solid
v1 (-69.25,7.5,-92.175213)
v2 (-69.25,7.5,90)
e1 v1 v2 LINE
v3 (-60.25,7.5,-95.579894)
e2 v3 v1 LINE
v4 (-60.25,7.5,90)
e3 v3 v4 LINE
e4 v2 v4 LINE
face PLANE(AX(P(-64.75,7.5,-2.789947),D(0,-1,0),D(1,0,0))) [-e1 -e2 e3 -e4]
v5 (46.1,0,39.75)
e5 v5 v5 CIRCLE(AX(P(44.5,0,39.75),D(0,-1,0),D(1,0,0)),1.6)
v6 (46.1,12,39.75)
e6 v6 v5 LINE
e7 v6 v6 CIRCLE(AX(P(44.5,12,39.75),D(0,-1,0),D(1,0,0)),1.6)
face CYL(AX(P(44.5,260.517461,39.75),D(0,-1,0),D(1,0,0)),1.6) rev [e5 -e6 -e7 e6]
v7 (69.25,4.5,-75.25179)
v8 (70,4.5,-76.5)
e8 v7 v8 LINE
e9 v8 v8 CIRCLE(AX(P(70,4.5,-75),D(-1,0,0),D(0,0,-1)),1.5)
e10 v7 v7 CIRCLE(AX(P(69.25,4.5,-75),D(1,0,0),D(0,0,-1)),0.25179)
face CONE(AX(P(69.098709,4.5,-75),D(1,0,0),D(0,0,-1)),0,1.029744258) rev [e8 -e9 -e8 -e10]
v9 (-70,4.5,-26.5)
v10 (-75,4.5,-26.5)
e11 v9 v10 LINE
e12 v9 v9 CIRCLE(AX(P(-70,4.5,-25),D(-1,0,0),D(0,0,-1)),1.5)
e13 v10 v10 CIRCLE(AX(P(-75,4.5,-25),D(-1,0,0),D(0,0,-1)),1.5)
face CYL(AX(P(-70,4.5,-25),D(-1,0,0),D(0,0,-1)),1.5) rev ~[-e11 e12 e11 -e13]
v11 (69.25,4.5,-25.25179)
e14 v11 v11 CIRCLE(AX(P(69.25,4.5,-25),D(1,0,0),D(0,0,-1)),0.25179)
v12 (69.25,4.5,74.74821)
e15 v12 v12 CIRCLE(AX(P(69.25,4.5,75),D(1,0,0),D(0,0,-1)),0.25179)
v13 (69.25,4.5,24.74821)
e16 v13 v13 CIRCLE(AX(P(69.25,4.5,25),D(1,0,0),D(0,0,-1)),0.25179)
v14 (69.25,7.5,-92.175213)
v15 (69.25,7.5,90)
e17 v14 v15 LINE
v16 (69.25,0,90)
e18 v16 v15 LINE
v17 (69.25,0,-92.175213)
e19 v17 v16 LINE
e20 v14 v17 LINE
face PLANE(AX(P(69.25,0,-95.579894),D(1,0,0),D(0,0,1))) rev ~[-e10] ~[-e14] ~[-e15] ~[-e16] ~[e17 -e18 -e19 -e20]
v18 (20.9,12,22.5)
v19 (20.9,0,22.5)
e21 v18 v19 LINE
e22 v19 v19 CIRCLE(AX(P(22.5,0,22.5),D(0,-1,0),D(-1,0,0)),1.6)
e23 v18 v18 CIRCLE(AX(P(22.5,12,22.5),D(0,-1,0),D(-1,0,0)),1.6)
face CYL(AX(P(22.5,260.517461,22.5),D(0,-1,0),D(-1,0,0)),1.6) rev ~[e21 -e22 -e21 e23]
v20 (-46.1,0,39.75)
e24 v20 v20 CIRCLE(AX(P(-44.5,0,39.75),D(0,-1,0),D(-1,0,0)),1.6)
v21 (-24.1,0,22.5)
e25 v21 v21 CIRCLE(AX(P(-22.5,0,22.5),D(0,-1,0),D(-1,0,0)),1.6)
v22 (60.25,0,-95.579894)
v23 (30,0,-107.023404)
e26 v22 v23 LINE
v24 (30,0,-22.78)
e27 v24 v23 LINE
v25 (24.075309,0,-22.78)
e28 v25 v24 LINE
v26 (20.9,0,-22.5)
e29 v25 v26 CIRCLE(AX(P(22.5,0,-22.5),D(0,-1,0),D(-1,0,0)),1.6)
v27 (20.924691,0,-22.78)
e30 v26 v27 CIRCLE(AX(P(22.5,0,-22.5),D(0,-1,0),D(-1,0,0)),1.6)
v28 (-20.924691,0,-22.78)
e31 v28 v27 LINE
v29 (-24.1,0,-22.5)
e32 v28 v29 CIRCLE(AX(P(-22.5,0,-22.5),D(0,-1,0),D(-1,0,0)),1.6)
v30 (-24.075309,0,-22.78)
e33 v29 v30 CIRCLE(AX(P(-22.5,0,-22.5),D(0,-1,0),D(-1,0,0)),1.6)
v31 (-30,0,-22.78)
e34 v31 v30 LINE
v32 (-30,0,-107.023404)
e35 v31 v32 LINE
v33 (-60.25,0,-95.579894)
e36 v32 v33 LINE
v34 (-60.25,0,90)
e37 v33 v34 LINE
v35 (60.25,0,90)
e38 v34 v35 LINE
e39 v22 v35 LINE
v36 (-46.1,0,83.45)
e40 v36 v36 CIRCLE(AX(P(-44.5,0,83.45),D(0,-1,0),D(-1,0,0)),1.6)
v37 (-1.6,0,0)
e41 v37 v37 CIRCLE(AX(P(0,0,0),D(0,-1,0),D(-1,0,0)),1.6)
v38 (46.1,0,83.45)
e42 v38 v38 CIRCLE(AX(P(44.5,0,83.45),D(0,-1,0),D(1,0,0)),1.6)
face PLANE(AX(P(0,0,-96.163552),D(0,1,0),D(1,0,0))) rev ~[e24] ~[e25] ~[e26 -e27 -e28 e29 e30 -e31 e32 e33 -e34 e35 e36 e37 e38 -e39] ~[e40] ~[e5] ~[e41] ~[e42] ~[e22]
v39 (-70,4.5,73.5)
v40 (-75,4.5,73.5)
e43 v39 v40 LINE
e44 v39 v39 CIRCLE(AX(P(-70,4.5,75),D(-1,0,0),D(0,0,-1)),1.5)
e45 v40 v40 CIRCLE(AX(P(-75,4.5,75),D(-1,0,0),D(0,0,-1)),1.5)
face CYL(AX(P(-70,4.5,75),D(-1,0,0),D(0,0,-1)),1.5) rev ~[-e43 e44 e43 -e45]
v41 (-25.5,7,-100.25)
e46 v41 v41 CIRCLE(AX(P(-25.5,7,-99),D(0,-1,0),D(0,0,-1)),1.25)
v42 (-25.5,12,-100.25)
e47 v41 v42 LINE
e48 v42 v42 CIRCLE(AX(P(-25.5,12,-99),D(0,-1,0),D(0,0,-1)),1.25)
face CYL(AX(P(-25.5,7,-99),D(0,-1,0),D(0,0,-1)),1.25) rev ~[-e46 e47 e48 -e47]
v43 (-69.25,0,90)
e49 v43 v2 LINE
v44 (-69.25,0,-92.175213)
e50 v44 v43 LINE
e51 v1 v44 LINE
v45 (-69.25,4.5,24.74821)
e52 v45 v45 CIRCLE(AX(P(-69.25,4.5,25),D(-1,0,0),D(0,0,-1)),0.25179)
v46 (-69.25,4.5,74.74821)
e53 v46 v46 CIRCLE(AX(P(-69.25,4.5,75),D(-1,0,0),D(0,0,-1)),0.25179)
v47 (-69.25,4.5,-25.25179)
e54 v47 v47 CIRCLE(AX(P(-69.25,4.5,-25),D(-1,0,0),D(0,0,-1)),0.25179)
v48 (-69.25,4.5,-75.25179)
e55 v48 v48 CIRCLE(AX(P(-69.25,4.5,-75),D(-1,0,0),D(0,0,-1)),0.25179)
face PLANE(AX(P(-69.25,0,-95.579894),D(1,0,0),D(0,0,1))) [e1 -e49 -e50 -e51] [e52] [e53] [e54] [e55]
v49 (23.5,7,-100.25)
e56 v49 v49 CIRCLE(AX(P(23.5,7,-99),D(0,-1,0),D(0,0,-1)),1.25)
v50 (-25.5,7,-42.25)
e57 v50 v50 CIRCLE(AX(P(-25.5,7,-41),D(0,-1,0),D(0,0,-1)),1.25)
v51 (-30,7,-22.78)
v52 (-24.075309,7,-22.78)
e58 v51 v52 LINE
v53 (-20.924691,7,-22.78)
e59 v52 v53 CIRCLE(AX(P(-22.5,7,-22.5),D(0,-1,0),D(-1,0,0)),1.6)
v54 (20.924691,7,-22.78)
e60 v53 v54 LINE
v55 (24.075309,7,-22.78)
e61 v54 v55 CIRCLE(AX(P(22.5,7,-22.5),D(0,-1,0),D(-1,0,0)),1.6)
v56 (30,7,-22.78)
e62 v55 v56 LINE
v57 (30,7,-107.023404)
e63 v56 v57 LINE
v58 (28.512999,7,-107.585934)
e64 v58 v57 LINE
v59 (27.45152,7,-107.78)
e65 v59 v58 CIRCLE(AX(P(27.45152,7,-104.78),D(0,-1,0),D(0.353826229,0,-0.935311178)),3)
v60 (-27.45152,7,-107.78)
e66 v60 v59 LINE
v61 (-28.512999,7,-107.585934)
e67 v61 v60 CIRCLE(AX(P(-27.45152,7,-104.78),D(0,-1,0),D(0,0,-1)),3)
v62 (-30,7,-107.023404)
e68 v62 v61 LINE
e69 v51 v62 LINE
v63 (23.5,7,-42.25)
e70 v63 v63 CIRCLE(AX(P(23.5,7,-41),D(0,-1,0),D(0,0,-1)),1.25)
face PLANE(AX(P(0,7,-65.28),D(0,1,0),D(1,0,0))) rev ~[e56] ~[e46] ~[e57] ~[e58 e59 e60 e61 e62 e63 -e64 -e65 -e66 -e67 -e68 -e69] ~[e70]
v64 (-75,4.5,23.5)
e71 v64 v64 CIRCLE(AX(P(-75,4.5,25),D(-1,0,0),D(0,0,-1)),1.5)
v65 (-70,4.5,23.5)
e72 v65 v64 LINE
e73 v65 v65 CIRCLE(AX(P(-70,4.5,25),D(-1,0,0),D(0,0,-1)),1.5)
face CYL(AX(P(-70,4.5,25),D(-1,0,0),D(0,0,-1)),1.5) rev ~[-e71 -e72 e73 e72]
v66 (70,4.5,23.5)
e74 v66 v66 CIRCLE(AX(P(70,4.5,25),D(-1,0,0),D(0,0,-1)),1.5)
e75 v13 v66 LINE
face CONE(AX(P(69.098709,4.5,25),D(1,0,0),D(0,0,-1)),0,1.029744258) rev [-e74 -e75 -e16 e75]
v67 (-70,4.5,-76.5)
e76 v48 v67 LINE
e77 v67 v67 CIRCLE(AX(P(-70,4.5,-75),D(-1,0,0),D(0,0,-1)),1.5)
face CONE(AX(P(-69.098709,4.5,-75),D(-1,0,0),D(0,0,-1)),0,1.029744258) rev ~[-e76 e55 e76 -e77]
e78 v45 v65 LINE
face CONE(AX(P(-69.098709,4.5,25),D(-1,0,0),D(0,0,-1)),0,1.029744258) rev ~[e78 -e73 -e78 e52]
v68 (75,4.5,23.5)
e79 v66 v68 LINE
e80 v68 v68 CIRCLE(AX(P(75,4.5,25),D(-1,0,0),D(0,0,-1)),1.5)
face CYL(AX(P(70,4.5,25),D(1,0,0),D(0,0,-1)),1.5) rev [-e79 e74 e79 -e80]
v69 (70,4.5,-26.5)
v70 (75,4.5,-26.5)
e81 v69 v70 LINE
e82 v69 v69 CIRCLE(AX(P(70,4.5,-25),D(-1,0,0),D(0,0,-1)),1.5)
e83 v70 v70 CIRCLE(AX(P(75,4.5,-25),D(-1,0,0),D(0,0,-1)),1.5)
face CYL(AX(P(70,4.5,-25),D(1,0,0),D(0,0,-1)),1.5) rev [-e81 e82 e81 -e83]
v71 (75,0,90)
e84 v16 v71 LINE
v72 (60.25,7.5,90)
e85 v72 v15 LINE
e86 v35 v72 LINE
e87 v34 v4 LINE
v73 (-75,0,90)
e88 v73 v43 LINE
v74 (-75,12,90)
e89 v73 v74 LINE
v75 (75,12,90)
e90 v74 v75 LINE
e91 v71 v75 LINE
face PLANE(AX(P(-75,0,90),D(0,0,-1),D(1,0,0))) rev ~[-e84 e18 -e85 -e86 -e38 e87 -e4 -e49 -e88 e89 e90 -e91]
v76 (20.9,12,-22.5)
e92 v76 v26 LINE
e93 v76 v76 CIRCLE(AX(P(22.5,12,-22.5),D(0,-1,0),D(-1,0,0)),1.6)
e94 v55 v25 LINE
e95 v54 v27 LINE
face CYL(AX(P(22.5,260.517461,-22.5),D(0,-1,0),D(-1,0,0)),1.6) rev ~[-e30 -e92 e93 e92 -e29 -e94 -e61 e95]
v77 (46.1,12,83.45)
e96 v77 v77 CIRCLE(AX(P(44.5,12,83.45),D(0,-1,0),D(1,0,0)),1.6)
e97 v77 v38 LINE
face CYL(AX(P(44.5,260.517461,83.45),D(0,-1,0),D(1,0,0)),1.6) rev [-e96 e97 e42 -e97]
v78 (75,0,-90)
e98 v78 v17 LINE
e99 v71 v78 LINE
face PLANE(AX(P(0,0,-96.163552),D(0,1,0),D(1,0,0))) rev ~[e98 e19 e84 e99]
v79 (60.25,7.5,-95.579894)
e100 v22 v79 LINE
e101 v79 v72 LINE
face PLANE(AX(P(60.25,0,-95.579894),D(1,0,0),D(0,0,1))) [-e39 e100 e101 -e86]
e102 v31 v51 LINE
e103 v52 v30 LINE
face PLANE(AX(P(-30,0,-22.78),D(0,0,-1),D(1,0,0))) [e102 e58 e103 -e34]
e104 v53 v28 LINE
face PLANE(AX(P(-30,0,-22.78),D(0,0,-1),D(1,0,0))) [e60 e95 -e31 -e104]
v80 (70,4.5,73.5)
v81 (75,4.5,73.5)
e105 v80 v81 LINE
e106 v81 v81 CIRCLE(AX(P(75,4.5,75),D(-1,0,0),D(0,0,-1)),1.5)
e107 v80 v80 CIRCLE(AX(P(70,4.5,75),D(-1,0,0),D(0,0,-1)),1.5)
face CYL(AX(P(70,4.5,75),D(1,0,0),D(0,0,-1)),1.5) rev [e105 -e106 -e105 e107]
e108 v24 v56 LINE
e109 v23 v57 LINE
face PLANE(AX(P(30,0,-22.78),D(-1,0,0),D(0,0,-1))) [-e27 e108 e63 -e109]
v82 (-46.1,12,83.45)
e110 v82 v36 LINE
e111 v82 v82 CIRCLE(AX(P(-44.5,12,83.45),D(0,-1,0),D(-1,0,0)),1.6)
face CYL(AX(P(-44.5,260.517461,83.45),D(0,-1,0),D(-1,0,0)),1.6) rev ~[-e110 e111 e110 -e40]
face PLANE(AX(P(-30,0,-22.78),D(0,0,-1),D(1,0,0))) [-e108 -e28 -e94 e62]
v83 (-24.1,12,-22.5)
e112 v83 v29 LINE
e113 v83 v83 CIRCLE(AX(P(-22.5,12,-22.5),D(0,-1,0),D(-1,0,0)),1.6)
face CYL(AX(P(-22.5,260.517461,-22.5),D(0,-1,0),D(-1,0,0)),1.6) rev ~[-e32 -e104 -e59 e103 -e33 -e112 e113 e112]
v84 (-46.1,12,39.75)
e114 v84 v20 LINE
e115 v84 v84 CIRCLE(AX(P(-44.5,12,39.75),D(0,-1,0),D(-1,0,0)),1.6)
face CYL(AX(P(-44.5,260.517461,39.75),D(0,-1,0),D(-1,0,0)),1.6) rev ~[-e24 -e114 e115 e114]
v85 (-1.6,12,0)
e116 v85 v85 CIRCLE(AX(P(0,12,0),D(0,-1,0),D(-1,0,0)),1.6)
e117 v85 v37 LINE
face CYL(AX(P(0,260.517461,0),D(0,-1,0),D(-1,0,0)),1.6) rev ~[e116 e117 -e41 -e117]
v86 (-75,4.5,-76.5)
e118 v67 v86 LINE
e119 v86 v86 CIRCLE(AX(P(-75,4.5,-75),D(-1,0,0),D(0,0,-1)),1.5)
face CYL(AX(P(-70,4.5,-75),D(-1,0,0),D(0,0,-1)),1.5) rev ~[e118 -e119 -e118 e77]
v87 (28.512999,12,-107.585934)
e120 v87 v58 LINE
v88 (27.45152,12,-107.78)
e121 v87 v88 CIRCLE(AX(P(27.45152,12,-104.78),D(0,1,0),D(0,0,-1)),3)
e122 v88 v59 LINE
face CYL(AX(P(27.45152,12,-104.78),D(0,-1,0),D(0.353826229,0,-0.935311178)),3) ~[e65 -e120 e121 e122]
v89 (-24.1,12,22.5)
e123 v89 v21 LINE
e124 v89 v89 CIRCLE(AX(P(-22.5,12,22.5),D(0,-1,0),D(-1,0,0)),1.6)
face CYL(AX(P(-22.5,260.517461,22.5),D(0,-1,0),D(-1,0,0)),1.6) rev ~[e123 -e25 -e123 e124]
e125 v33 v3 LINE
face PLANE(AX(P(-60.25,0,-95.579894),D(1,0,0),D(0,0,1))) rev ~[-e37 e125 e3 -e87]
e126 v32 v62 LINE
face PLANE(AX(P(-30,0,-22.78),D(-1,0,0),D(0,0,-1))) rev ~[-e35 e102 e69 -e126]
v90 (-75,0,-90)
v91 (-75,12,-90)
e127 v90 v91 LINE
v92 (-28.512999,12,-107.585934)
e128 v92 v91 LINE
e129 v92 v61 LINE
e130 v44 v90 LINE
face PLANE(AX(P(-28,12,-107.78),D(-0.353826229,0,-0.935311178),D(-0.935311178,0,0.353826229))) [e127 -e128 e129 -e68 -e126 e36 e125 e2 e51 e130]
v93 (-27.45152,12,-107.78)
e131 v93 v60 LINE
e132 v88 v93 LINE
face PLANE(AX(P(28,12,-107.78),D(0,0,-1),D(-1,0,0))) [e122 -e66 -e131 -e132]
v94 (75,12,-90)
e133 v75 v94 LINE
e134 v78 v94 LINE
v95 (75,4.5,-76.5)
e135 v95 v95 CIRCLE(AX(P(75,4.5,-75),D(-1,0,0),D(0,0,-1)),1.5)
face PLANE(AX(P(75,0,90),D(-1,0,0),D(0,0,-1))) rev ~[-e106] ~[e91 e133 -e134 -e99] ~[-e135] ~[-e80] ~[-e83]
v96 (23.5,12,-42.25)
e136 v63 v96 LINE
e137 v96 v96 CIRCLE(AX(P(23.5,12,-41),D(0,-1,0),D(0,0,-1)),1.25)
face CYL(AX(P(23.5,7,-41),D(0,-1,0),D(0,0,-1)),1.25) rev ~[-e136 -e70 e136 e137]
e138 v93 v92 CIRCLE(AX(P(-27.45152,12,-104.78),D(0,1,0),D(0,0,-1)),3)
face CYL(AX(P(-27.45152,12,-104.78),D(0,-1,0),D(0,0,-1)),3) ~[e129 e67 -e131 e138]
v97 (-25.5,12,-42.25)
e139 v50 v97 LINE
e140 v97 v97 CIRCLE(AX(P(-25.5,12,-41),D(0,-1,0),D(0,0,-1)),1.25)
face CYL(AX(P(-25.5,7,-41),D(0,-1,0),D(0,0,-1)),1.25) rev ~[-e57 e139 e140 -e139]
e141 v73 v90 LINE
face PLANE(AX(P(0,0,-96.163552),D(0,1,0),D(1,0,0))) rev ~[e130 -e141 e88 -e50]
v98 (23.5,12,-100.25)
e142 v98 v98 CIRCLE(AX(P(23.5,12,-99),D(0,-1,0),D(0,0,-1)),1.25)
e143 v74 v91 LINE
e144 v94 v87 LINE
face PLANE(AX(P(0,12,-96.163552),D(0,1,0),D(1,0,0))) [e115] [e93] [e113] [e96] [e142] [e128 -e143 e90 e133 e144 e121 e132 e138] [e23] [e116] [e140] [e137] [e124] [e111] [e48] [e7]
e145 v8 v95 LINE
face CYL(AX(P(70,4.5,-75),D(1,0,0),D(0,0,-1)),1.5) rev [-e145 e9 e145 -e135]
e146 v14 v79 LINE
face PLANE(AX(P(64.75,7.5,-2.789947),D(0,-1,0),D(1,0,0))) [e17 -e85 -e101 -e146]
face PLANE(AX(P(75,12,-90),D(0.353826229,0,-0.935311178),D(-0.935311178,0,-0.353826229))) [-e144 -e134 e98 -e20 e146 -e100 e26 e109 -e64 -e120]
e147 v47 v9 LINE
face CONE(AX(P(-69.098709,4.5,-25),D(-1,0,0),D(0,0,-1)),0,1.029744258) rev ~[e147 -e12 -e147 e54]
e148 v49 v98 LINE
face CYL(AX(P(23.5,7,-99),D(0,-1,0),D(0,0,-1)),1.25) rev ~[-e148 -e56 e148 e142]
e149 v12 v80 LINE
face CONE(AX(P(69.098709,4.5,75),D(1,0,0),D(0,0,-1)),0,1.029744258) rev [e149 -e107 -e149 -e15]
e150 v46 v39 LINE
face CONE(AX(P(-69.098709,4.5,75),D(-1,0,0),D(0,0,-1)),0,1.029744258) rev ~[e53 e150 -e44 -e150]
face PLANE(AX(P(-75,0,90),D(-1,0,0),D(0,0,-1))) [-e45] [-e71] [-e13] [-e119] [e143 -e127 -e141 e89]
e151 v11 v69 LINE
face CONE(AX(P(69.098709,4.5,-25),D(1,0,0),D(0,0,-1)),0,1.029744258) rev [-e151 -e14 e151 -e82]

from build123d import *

# Parameters (mm, degrees)
SKETCH1_W                      = 150
SKETCH1_H                      = 180
BOSS_EXTRUDE1_DEPTH            = 12
F_3_0MM_DOWEL_HOLE1_AT_2_COUNT = 2
F_3_0MM_DOWEL_HOLE1_AT_2_PITCH = 50
F_3_0MM_DOWEL_HOLE1_AT_3_COUNT = 2
F_3_0MM_DOWEL_HOLE1_AT_3_PITCH = 100
F_3_0MM_DOWEL_HOLE1_AT_4_COUNT = 2
F_3_0MM_DOWEL_HOLE1_AT_4_PITCH = 50
BOSS_EXTRUDE2_DEPTH            = 12
FILLET4_R                      = 3
CUT_EXTRUDE1_START             = -12
SKETCH14_W                     = 60
SKETCH14_H                     = 85
CUT_EXTRUDE1_DEPTH             = 7
SKETCH17_R                     = 1.25
CUT_EXTRUDE2_DEPTH             = 132.493453829
SKETCH18_W                     = 9
SKETCH18_H                     = 185.579893617
CUT_EXTRUDE3_DEPTH             = 7.5
M3_CLEARANCE_HOLE1_D           = 3.2
M3_CLEARANCE_HOLE2_D           = 3.2


with BuildPart() as part:
    # Sketch1 → Boss-Extrude1 (new body)
    with BuildSketch(Plane(origin=(0, 0, 0), x_dir=(1, 0, 0), z_dir=(0, 1, 0))):
        Rectangle(SKETCH1_W, SKETCH1_H)
    extrude(amount=BOSS_EXTRUDE1_DEPTH)

    # Sketch6 → Ø3.0mm Dowel Hole1 (revolve, cut)
    with BuildSketch(Plane(origin=(75, 4.5, 25), x_dir=(0, 0, -1), z_dir=(0, 1, 0))):
        Polygon((0, 0), (0, 5.901290929), (1.5, 5), (1.5, 0), align=None)
    f_3_0mm_dowel_hole1 = revolve(axis=Axis((81.35, 4.5, 25), (-1, 0, 0)), mode=Mode.SUBTRACT)

    # Ø3.0mm Dowel Hole1 at 2: Ø3.0mm Dowel Hole1 ×2
    with Locations(*[(0, 0, i * F_3_0MM_DOWEL_HOLE1_AT_2_PITCH) for i in range(1, F_3_0MM_DOWEL_HOLE1_AT_2_COUNT)]):
        add(f_3_0mm_dowel_hole1, mode=Mode.SUBTRACT)

    # Ø3.0mm Dowel Hole1 at 3: Ø3.0mm Dowel Hole1 ×2
    with Locations(*[(0, 0, -i * F_3_0MM_DOWEL_HOLE1_AT_3_PITCH) for i in range(1, F_3_0MM_DOWEL_HOLE1_AT_3_COUNT)]):
        add(f_3_0mm_dowel_hole1, mode=Mode.SUBTRACT)

    # Ø3.0mm Dowel Hole1 at 4: Ø3.0mm Dowel Hole1 ×2
    with Locations(*[(0, 0, -i * F_3_0MM_DOWEL_HOLE1_AT_4_PITCH) for i in range(1, F_3_0MM_DOWEL_HOLE1_AT_4_COUNT)]):
        add(f_3_0mm_dowel_hole1, mode=Mode.SUBTRACT)

    # Mirror1: Ø3.0mm Dowel Hole1 across plane
    add(f_3_0mm_dowel_hole1.mirror(Plane(origin=(0, 0, 0), x_dir=(0, 0, 1), z_dir=(1, 0, 0))), mode=Mode.SUBTRACT)

    # Mirror1 copy 1 sketch → Mirror1 copy 1 (revolve, cut)
    with BuildSketch(Plane(origin=(-75, 4.5, 75), x_dir=(0, 0, -1), z_dir=(0, 1, 0))):
        Polygon((0, 0), (0, -5.901290929), (1.5, -5), (1.5, 0), align=None)
    revolve(axis=Axis((-81.35, 4.5, 75), (-1, 0, 0)), mode=Mode.SUBTRACT)

    # Mirror1 copy 2 sketch → Mirror1 copy 2 (revolve, cut)
    with BuildSketch(Plane(origin=(-75, 4.5, -75), x_dir=(0, 0, -1), z_dir=(0, 1, 0))):
        Polygon((0, 0), (0, -5.901290929), (1.5, -5), (1.5, 0), align=None)
    revolve(axis=Axis((-81.35, 4.5, -75), (-1, 0, 0)), mode=Mode.SUBTRACT)

    # Mirror1 copy 3 sketch → Mirror1 copy 3 (revolve, cut)
    with BuildSketch(Plane(origin=(-75, 4.5, -25), x_dir=(0, 0, -1), z_dir=(0, 1, 0))):
        Polygon((0, 0), (0, -5.901290929), (1.5, -5), (1.5, 0), align=None)
    revolve(axis=Axis((-81.35, 4.5, -25), (-1, 0, 0)), mode=Mode.SUBTRACT)

    # Sketch13 → Boss-Extrude2 (add)
    with BuildSketch(Plane(origin=(0, 12, 0), x_dir=(1, 0, 0), z_dir=(0, 1, 0))):
        Polygon((-75, 90), (75, 90), (28, 107.78), (-28, 107.78), align=None)
    extrude(amount=-BOSS_EXTRUDE2_DEPTH)

    # Fillet4
    fillet4_edges = [part.edges().sort_by_distance(p)[0] for p in [
        (28, 6, -107.78),
        (-28, 6, -107.78),
    ]]
    fillet(fillet4_edges, radius=FILLET4_R)

    # Sketch14 → Cut-Extrude1 (cut)
    with BuildSketch(Plane(origin=(0, 12, 0), x_dir=(1, 0, 0), z_dir=(0, 1, 0)).offset(CUT_EXTRUDE1_START)):
        with Locations((0, 65.28)):
            Rectangle(SKETCH14_W, SKETCH14_H)
    extrude(amount=CUT_EXTRUDE1_DEPTH, mode=Mode.SUBTRACT)

    # Sketch17 → Cut-Extrude2 (cut, through all)
    with BuildSketch(Plane(origin=(0, 7, 0), x_dir=(-1, 0, 0), z_dir=(0, -1, 0))):
        with Locations(Location((25.5, 99, 0), (0, 0, 90))):
            Circle(SKETCH17_R)
        with Locations(Location((-23.5, 99, 0), (0, 0, 90))):
            Circle(SKETCH17_R)
        with Locations(Location((25.5, 41, 0), (0, 0, 90))):
            Circle(SKETCH17_R)
        with Locations(Location((-23.5, 41, 0), (0, 0, 90))):
            Circle(SKETCH17_R)
    extrude(amount=-CUT_EXTRUDE2_DEPTH, mode=Mode.SUBTRACT)

    # Sketch18 → Cut-Extrude3 (cut)
    with BuildSketch(Plane.XZ):
        with Locations((64.75, -2.789946809)):
            Rectangle(SKETCH18_W, SKETCH18_H)
        with Locations((-64.75, -2.789946809)):
            Rectangle(SKETCH18_W, SKETCH18_H)
    extrude(amount=-CUT_EXTRUDE3_DEPTH, mode=Mode.SUBTRACT)

    # M3 Clearance Hole1 (through all)
    with Locations(Plane(origin=(0, 12, 0), x_dir=(1, 0, 0), z_dir=(0, 1, 0))):
        with Locations((-44.5, -83.45), (-44.5, -39.75)):
            m3_clearance_hole1 = Hole(M3_CLEARANCE_HOLE1_D / 2)

    # Mirror2: M3 Clearance Hole1 across plane
    add(m3_clearance_hole1.mirror(Plane(origin=(0, 0, 0), x_dir=(0, 0, 1), z_dir=(1, 0, 0))), mode=Mode.SUBTRACT)

    # M3 Clearance Hole2 (through all)
    with Locations(Plane(origin=(0, 12, 0), x_dir=(1, 0, 0), z_dir=(0, 1, 0))):
        with Locations((0, 0), (-22.5, -22.5), (22.5, 22.5), (22.5, -22.5), (-22.5, 22.5)):
            Hole(M3_CLEARANCE_HOLE2_D / 2)


solid = part.part
